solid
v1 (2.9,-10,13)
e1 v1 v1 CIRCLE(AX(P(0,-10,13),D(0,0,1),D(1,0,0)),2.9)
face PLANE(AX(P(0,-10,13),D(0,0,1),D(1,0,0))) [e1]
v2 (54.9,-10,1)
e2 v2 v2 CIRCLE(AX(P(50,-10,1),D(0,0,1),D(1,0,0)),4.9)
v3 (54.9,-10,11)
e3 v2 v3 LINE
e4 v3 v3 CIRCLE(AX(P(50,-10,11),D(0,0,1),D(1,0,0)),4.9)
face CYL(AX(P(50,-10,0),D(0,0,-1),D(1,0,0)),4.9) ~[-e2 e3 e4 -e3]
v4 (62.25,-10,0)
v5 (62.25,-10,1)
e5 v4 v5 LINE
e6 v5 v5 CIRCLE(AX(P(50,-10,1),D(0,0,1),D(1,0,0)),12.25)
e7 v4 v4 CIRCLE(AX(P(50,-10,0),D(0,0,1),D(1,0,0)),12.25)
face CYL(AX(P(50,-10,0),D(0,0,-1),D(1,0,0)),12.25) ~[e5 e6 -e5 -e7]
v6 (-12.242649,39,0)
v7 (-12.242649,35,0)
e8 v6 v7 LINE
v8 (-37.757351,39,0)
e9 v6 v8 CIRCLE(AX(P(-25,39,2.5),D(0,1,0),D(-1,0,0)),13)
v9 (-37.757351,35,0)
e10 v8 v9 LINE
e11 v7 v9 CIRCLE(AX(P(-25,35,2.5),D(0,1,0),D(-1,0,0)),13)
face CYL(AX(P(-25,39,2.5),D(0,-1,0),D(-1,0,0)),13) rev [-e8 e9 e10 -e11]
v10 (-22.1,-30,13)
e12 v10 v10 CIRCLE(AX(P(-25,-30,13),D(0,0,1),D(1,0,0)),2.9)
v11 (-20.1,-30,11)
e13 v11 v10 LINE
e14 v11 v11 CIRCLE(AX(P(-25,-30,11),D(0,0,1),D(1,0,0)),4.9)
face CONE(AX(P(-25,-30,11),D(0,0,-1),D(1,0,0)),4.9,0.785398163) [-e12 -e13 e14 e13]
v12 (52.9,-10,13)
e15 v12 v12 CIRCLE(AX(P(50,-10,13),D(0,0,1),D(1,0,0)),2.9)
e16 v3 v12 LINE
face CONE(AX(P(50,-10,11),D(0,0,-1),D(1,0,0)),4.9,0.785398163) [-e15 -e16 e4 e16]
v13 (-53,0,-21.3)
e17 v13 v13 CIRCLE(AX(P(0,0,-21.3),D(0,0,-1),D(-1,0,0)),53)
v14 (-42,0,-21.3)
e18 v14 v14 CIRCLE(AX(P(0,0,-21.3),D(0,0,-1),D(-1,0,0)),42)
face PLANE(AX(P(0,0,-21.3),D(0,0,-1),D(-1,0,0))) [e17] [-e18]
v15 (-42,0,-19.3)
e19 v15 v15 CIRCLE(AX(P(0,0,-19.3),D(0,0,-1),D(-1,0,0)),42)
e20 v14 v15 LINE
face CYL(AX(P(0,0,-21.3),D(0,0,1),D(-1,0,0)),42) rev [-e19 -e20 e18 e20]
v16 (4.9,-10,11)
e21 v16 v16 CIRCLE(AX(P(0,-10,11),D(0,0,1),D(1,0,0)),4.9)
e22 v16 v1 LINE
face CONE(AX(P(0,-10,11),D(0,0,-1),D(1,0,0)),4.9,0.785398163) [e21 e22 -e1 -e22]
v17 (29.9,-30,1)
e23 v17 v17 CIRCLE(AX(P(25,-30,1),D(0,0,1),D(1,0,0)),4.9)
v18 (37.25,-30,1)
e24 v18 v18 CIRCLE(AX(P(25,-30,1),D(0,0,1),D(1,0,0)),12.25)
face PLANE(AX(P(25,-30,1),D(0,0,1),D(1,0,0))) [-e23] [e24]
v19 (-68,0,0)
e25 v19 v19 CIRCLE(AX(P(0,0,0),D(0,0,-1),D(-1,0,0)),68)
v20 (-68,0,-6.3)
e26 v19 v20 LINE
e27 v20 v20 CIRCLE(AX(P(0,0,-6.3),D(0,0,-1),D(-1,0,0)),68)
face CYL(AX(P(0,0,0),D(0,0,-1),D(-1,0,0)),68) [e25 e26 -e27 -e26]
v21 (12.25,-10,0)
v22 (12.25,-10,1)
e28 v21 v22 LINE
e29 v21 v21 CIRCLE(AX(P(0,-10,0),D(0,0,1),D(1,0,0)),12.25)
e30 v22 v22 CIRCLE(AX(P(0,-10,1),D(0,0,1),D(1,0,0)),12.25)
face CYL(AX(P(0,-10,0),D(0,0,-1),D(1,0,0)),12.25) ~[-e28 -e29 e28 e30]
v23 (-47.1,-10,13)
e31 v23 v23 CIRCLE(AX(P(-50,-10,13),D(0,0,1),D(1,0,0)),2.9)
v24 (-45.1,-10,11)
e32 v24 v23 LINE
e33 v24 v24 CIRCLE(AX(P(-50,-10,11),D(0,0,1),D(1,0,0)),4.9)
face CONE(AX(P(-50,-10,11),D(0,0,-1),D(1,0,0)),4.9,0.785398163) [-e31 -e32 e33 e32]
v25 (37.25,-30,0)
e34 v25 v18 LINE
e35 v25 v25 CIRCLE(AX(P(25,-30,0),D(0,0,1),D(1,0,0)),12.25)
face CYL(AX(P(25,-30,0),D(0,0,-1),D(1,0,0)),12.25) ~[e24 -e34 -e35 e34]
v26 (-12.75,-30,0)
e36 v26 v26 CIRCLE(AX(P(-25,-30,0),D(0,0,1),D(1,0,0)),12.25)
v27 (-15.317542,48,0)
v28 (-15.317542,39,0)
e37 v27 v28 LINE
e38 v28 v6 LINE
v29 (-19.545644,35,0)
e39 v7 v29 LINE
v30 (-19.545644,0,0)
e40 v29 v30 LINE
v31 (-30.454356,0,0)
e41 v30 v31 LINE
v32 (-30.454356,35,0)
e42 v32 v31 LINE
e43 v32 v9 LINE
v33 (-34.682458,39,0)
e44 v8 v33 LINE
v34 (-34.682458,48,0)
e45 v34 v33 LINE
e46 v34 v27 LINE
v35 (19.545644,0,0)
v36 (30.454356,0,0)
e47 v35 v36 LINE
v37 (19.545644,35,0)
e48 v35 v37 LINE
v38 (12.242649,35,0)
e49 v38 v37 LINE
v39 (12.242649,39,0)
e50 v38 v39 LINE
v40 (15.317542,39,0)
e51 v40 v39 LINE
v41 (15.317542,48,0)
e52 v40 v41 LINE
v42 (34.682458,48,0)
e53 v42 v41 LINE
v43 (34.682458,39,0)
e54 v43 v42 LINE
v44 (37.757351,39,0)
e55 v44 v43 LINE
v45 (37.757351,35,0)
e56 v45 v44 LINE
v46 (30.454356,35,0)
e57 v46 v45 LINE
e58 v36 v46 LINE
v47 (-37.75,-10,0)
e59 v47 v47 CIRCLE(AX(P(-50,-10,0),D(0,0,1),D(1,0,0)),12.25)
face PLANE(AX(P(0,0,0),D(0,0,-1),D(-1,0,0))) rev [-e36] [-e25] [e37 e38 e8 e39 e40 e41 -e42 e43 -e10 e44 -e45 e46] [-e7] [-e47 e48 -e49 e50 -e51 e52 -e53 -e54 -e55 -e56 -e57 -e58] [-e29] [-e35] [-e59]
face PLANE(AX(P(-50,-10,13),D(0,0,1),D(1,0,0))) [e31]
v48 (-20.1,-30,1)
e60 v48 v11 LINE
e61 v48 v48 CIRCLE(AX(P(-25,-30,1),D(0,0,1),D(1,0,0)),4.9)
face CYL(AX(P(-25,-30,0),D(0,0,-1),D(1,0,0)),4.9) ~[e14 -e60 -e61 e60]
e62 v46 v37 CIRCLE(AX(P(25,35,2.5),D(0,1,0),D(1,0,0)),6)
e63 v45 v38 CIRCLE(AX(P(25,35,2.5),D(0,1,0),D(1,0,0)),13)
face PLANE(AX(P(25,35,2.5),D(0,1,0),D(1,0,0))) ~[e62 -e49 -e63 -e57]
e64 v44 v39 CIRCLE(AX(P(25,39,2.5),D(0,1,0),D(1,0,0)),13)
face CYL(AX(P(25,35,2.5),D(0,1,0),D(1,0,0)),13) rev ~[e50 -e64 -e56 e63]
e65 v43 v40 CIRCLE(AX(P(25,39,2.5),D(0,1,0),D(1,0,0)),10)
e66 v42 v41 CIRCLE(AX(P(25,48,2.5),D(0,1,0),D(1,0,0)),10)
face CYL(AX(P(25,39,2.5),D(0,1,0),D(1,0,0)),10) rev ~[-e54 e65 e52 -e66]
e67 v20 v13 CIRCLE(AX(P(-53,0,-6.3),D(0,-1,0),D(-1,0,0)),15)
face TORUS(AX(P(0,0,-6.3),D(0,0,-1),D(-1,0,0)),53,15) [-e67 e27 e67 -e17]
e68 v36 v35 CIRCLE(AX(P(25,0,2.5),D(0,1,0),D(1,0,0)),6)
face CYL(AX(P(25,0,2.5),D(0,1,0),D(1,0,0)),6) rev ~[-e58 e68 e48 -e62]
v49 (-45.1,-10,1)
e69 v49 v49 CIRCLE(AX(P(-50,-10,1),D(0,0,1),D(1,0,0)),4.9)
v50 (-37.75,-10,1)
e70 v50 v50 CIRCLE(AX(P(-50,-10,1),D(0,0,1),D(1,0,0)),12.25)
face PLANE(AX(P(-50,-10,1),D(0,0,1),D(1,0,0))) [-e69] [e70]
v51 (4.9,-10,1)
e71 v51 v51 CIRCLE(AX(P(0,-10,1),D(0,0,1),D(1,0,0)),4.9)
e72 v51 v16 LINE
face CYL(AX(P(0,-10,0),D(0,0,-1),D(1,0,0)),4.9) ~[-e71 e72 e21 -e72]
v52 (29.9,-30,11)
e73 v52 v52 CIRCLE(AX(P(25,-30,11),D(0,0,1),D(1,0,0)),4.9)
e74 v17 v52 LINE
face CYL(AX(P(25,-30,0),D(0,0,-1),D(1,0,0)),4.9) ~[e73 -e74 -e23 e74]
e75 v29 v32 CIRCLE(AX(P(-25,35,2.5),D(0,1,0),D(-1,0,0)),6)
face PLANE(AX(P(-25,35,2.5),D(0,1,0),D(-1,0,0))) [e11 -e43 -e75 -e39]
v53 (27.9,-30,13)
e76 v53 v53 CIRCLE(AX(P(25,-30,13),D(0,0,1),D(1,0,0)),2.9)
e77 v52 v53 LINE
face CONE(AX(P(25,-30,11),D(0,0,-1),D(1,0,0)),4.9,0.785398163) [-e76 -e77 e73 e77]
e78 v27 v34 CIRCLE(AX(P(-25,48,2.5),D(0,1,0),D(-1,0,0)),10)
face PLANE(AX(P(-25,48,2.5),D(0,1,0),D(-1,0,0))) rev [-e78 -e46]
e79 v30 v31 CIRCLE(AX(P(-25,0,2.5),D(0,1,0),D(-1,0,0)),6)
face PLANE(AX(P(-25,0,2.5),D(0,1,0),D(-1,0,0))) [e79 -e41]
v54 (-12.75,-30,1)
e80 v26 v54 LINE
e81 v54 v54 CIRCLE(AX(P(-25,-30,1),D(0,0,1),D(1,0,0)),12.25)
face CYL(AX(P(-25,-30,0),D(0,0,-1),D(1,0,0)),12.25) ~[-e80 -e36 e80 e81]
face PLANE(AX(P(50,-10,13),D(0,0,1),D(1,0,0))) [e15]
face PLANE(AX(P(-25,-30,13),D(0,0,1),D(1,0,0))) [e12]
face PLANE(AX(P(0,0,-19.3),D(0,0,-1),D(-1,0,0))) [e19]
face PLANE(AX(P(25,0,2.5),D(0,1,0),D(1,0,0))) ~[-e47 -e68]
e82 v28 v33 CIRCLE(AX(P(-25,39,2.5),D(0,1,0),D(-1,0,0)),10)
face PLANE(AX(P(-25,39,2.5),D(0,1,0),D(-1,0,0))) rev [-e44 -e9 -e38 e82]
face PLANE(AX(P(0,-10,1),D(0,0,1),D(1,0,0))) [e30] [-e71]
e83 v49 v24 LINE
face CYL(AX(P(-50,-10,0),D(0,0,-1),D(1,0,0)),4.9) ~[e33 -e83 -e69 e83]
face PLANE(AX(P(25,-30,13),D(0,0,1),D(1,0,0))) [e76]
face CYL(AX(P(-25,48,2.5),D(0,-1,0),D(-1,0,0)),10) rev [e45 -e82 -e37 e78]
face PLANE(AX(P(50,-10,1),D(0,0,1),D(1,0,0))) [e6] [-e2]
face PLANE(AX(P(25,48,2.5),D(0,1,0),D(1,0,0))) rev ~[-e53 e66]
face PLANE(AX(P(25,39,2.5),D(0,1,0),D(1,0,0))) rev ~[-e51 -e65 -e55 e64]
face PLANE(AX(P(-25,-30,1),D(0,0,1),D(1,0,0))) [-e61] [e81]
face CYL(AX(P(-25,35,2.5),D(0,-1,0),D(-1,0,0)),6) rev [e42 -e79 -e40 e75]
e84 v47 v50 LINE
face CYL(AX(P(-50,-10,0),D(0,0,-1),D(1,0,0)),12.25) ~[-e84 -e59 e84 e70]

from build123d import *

# Parameters (mm, degrees)
F2_R     = 4.9
F3_DEPTH = 13
F2_R_2   = 12.25
F4_DEPTH = 1
F5_SIZE  = 2


with BuildPart() as f1:
    # F0 (on Front) → F1 (revolve)
    with BuildSketch(Plane.XZ):
        with BuildLine():
            Line((0, -19.3), (0, 0))
            Line((0, 0), (-68, 0))
            Line((-68, 0), (-68, -6.3))
            ThreePointArc((-68, -6.3), (-63.6066017178, -16.9066017178), (-53, -21.3))
            Line((-53, -21.3), (-42, -21.3))
            Line((-42, -21.3), (-42, -19.3))
            Line((-42, -19.3), (0, -19.3))
        make_face()
    revolve(axis=Axis((0, 0, -9.65), (0, 0, -1)))

    # F2 (on face) → F3 (join)
    with BuildSketch(Plane.XY):
        with Locations((-50, -10)):
            Circle(F2_R)
        with Locations((-25, -30)):
            Circle(F2_R)
        with Locations((0, -10)):
            Circle(F2_R)
        with Locations((25, -30)):
            Circle(F2_R)
        with Locations((50, -10)):
            Circle(F2_R)
    extrude(amount=F3_DEPTH)

    # F2 (on face) → F4 (join)
    with BuildSketch(Plane.XY):
        with Locations((-50, -10)):
            Circle(F2_R_2)
        with Locations((-50, -10)):
            Circle(F2_R, mode=Mode.SUBTRACT)
        with Locations((-25, -30)):
            Circle(F2_R_2)
        with Locations((-25, -30)):
            Circle(F2_R, mode=Mode.SUBTRACT)
        with Locations((0, -10)):
            Circle(F2_R_2)
        with Locations((0, -10)):
            Circle(F2_R, mode=Mode.SUBTRACT)
        with Locations((25, -30)):
            Circle(F2_R_2)
        with Locations((25, -30)):
            Circle(F2_R, mode=Mode.SUBTRACT)
        with Locations((50, -10)):
            Circle(F2_R_2)
        with Locations((50, -10)):
            Circle(F2_R, mode=Mode.SUBTRACT)
    extrude(amount=F4_DEPTH)

    # F5
    f5_edges = [f1.edges().sort_by_distance(p)[0] for p in [
        (-54.9, -10, 13),
        (-29.9, -30, 13),
        (-4.9, -10, 13),
        (20.1, -30, 13),
        (45.1, -10, 13),
    ]]
    chamfer(f5_edges, length=F5_SIZE)

    # F7 (on offset) → F8 (revolve, cut)
    with BuildSketch(Plane.XY.offset(2.5)):
        Polygon((-31, 0), (-25, 0), (-25, 35), (-25, 39), (-25, 48), (-35, 48), (-35, 39), (-38, 39), (-38, 35), (-31, 35), align=None)
    revolve(axis=Axis((-25, 17.5, 2.5), (0, 1, 0)), mode=Mode.SUBTRACT)

    # F7 (on offset) → F9 (revolve, cut)
    with BuildSketch(Plane.XY.offset(2.5)):
        Polygon((25, 35), (25, 0), (31, 0), (31, 35), (38, 35), (38, 39), (35, 39), (35, 48), (25, 48), (25, 39), align=None)
    revolve(axis=Axis((25, 17.5, 2.5), (0, 1, 0)), mode=Mode.SUBTRACT)


solid = f1.part
